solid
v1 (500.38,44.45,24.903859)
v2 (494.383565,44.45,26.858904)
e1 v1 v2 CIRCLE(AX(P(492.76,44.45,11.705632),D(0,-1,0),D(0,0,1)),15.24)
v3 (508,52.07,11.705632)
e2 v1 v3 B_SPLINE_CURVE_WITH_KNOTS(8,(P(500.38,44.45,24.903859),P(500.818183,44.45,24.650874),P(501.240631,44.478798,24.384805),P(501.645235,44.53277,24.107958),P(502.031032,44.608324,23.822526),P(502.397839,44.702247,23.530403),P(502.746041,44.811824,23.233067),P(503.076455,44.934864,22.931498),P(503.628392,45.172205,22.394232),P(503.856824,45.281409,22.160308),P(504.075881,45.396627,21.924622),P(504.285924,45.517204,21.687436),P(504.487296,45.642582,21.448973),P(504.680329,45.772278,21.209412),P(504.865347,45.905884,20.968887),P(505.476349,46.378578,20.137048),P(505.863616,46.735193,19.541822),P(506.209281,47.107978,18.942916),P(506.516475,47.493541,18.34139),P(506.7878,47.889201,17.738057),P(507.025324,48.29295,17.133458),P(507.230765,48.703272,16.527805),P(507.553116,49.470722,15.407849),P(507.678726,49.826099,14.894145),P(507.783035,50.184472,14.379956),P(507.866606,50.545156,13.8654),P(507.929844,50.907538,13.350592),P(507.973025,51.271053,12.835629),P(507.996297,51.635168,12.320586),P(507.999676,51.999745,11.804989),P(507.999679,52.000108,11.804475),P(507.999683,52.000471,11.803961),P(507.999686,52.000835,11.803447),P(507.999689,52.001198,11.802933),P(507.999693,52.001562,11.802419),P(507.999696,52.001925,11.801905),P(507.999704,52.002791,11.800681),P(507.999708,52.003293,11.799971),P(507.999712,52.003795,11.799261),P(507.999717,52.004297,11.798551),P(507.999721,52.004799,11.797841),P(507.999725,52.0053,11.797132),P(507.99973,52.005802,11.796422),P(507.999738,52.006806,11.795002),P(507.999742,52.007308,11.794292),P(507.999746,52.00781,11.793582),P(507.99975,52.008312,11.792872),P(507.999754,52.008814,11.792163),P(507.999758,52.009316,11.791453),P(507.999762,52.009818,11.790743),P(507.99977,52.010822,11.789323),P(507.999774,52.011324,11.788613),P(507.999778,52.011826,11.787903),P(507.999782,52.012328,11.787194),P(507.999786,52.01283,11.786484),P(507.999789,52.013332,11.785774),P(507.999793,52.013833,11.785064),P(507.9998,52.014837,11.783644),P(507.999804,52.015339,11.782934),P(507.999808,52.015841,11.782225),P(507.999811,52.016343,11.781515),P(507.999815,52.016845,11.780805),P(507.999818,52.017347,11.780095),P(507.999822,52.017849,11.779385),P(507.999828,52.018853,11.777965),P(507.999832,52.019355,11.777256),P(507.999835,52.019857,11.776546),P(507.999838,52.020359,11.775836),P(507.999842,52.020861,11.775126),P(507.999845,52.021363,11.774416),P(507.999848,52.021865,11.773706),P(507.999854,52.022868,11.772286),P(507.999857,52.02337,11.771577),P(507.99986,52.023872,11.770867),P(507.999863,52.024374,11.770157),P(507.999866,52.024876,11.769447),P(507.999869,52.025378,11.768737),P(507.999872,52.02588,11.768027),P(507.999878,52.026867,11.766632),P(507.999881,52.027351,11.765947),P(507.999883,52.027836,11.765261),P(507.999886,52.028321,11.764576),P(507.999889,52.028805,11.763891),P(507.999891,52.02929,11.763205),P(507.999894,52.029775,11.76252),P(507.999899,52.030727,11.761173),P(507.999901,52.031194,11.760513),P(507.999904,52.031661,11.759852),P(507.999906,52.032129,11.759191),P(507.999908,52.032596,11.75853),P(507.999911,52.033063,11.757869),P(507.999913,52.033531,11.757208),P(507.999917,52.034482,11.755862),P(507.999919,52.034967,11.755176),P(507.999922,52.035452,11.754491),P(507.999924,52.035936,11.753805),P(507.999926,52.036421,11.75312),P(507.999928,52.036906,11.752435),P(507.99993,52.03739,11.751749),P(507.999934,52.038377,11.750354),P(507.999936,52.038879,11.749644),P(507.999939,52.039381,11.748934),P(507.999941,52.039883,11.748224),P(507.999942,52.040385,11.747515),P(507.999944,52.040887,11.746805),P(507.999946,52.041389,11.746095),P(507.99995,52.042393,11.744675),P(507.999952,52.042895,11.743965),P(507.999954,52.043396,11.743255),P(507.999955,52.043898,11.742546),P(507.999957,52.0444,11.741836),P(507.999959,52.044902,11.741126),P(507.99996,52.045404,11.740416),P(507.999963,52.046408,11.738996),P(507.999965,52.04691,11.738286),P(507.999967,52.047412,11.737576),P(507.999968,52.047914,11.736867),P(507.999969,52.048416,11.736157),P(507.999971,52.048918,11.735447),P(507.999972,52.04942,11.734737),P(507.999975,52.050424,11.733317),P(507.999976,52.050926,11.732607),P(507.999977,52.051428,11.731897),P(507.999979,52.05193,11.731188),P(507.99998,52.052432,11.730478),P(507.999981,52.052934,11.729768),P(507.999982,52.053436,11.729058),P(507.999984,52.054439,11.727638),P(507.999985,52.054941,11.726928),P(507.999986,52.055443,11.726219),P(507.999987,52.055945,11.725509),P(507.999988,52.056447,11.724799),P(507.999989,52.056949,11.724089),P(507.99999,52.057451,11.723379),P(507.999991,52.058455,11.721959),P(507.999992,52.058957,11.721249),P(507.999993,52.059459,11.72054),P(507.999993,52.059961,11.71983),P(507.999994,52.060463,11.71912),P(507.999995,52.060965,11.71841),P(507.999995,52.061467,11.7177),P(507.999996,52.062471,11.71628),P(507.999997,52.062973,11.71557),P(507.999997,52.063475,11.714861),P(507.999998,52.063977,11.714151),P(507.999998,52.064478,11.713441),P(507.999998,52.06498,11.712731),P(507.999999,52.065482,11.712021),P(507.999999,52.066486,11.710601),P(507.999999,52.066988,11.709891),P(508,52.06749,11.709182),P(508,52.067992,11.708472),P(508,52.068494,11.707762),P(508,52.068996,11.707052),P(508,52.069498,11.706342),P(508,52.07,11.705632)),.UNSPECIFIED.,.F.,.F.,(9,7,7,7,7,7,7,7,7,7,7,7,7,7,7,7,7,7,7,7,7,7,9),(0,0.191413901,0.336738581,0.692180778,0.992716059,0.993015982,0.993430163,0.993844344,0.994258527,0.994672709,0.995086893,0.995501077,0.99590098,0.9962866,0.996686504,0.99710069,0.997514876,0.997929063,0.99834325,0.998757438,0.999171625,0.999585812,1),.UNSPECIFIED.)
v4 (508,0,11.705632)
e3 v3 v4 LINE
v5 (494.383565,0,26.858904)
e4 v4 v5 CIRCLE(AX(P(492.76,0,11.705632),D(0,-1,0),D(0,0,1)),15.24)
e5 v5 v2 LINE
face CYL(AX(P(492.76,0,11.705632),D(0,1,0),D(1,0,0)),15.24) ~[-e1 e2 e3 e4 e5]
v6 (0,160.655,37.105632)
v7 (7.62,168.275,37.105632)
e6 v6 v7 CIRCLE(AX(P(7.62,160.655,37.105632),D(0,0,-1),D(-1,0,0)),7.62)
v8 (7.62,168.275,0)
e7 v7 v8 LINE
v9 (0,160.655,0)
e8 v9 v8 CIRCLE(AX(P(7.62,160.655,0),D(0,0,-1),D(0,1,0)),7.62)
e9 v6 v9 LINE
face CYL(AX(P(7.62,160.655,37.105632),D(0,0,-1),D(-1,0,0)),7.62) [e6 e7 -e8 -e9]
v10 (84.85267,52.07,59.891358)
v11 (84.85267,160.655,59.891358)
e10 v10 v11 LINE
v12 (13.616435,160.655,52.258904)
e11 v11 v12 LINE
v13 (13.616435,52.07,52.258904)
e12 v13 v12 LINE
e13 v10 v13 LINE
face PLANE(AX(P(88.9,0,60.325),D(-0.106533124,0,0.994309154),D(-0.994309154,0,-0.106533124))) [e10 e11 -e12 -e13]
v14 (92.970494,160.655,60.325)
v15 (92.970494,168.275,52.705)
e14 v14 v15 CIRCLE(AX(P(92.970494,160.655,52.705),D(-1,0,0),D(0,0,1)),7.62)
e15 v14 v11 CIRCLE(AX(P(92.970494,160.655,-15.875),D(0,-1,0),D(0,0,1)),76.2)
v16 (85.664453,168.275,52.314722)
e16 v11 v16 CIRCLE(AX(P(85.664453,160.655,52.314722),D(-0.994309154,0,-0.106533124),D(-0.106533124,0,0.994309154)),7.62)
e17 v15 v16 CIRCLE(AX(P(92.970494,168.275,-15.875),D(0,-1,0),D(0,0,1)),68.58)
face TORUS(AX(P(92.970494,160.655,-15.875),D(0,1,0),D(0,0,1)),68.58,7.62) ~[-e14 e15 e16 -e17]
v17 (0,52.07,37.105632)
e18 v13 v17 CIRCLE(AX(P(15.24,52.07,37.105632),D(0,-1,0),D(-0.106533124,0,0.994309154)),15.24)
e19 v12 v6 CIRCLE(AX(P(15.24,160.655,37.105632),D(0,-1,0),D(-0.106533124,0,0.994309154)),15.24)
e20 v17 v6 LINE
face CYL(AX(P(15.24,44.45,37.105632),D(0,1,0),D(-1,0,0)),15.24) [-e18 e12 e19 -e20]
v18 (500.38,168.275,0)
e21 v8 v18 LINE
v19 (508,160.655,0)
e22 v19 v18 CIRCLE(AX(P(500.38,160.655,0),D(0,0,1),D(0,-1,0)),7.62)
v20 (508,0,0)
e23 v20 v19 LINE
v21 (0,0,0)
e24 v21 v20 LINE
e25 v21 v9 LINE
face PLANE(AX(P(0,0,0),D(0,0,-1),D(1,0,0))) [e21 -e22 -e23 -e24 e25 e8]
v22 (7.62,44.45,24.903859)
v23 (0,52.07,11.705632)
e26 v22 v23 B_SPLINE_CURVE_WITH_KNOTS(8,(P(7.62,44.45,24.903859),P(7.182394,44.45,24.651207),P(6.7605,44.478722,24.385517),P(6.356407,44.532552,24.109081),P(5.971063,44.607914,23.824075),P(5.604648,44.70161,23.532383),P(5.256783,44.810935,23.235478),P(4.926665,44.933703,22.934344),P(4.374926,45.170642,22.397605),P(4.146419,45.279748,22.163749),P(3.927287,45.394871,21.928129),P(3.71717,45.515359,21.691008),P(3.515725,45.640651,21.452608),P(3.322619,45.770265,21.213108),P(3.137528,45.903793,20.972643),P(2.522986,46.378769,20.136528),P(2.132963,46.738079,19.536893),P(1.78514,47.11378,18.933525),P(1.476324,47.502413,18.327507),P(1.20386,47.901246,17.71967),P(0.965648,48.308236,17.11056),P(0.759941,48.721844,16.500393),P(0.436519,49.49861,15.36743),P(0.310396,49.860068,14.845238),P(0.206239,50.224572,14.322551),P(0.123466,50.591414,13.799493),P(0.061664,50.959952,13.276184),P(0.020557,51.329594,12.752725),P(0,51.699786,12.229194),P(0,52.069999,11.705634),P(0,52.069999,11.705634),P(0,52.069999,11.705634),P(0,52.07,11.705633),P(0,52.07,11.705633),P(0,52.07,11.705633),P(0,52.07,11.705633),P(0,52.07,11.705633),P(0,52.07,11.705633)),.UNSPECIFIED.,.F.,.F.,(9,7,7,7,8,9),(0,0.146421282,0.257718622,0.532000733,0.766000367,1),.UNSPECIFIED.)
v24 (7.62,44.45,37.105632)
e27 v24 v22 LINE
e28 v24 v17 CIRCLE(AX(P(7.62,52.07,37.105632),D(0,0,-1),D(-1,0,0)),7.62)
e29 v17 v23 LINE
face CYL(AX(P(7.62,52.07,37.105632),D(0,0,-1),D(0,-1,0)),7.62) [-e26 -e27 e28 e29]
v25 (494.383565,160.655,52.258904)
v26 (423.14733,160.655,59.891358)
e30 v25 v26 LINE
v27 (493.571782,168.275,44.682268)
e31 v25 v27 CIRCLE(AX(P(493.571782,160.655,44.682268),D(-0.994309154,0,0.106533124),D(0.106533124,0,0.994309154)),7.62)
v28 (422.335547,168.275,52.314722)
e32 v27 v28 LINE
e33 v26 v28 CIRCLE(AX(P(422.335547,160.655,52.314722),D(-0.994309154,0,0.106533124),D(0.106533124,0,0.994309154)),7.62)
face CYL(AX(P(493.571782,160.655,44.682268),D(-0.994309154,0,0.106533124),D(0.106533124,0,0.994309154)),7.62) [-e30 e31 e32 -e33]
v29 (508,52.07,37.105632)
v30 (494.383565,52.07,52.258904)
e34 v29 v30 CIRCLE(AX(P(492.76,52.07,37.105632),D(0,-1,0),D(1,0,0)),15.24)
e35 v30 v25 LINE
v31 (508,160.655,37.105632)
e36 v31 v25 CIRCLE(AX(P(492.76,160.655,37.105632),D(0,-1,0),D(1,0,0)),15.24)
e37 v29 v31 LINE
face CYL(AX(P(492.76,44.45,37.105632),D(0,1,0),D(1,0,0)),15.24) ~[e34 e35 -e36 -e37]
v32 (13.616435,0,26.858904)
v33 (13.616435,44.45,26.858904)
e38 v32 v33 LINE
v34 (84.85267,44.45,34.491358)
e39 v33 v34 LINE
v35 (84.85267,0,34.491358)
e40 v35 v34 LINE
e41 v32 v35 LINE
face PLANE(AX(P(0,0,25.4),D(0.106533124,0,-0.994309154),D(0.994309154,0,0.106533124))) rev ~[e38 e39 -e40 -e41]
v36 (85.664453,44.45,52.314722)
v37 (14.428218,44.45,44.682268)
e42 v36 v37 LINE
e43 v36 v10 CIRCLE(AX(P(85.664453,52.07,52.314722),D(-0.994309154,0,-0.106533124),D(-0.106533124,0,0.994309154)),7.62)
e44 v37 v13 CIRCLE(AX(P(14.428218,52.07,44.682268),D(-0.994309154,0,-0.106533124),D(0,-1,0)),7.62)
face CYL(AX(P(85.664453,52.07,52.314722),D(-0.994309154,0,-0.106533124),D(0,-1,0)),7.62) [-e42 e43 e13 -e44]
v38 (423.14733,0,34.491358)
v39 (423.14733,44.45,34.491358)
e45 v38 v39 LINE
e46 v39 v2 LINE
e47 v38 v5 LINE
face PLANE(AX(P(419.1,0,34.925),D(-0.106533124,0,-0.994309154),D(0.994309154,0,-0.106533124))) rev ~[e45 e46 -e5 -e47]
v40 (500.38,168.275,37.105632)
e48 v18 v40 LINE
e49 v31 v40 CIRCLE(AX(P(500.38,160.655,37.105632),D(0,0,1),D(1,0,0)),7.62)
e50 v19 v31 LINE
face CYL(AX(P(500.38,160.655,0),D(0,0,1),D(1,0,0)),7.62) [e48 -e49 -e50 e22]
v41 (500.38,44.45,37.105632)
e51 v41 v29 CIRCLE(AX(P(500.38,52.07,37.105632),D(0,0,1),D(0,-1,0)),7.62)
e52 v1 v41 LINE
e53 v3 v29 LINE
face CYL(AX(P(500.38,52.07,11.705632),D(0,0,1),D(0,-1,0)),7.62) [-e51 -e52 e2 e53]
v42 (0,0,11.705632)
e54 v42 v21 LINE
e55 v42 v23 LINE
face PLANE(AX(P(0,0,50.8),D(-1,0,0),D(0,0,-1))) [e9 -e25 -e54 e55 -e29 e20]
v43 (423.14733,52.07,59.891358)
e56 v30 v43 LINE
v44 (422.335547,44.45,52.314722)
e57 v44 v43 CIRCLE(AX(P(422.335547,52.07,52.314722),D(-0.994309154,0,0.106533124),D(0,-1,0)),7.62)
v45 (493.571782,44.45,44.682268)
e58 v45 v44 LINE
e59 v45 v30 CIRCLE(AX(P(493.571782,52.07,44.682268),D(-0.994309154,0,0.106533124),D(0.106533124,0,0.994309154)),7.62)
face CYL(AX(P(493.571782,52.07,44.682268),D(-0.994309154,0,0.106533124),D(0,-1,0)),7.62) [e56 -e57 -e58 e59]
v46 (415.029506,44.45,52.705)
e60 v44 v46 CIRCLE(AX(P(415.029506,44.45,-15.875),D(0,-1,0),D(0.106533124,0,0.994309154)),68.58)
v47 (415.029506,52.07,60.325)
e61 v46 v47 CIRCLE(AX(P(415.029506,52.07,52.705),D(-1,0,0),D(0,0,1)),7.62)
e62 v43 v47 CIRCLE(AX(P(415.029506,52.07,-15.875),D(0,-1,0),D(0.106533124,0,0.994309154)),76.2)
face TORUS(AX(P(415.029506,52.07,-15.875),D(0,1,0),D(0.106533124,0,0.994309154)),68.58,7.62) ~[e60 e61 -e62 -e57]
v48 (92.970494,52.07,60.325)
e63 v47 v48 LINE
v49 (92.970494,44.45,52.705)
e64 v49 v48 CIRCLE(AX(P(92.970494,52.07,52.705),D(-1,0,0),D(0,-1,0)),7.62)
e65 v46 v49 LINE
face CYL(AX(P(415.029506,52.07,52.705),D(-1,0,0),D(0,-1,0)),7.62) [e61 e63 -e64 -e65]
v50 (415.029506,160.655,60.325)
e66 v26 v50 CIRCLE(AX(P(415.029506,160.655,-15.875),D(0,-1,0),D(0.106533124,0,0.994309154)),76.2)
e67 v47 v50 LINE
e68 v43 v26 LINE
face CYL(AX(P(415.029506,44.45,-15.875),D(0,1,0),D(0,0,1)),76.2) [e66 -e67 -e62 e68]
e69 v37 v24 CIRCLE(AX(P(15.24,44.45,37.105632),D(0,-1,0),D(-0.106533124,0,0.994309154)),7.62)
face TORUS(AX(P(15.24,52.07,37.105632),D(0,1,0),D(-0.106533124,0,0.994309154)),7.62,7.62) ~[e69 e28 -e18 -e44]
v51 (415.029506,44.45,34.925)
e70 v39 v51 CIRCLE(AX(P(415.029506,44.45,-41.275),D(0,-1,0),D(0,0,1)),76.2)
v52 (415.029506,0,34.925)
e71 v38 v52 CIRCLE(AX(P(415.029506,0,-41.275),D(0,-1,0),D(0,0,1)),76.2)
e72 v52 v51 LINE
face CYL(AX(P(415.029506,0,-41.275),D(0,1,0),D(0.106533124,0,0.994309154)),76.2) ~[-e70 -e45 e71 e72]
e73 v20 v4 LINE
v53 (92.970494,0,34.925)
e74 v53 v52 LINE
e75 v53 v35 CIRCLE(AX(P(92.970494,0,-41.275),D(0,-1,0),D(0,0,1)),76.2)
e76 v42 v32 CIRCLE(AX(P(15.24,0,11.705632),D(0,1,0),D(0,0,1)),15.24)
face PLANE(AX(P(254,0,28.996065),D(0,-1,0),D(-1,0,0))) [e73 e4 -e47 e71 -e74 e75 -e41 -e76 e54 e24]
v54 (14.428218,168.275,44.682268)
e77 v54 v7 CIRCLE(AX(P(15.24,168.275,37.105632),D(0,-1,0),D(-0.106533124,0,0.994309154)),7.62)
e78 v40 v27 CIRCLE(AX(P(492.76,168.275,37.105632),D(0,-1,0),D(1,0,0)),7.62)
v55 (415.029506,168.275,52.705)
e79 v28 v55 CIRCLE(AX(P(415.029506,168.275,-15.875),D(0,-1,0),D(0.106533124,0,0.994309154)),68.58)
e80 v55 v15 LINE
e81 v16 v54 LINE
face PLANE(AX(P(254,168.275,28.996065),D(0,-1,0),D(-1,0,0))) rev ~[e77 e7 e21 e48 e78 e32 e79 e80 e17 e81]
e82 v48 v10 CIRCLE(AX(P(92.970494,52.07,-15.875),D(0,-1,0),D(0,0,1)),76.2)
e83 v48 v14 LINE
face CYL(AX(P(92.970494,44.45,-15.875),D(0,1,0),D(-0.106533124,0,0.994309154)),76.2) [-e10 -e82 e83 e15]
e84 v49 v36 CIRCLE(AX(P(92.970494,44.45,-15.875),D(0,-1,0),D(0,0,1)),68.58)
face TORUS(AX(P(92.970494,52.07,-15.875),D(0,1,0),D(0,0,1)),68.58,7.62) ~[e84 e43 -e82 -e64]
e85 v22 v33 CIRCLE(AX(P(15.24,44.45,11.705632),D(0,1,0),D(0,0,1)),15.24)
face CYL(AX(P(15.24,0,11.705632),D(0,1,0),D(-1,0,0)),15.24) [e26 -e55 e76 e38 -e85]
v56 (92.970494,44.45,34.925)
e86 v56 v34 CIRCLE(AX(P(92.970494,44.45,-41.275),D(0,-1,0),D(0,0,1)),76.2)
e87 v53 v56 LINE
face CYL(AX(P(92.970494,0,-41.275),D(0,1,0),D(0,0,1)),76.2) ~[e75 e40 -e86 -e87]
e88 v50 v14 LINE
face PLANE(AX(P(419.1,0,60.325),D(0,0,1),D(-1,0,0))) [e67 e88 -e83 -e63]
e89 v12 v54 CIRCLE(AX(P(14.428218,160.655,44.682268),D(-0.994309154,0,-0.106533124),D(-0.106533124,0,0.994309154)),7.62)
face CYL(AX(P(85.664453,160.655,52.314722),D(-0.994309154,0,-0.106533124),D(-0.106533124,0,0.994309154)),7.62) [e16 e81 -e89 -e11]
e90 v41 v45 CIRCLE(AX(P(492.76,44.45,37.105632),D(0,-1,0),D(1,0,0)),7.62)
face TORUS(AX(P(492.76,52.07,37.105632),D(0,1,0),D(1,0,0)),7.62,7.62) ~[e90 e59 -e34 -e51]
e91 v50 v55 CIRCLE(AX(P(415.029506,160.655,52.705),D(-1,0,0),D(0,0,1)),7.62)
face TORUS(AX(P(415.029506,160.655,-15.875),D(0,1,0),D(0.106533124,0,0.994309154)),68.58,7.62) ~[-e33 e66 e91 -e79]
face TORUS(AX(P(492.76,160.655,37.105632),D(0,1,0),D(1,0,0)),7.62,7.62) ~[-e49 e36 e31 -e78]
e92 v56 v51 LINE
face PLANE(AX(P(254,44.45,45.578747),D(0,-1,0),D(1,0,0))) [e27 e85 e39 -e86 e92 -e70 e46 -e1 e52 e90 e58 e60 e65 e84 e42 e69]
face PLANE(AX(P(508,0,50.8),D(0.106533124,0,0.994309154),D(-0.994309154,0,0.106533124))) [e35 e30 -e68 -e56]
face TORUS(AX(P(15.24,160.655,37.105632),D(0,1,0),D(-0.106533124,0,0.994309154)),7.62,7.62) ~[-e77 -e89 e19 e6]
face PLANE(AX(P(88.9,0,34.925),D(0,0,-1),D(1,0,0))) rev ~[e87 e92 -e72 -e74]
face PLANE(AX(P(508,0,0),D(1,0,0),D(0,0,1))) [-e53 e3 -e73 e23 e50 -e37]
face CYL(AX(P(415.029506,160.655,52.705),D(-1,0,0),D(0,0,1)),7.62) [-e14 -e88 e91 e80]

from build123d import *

# Parameters (mm, degrees)
BOSS_EXTRUDE1_DEPTH = 168.275
CUT_EXTRUDE1_DEPTH  = 44.45
FILLET1_R           = 15.24
FILLET2_R           = 76.2
FILLET3_R           = 7.62
FILLET4_R           = 7.62


with BuildPart() as part:
    # Sketch7 → Boss-Extrude1 (new body)
    with BuildSketch(Plane(origin=(0, 0, 0), x_dir=(1, 0, 0), z_dir=(0, 1, 0))):
        Polygon((0, 0), (508, 0), (508, -50.8), (419.1, -60.325), (88.9, -60.325), (0, -50.8), align=None)
    extrude(amount=BOSS_EXTRUDE1_DEPTH)

    # Sketch10 → Cut-Extrude1 (cut)
    with BuildSketch(Plane.XZ):
        Polygon((0, 50.8), (0, 25.4), (88.9, 34.925), (419.1, 34.925), (508, 25.4), (508, 50.8), (419.1, 60.325), (88.9, 60.325), align=None)
    extrude(amount=-CUT_EXTRUDE1_DEPTH, mode=Mode.SUBTRACT)

    # Fillet1
    fillet1_edges = [part.edges().sort_by_distance(p)[0] for p in [
        (508, 106.3625, 50.8),
        (0, 106.3625, 50.8),
        (508, 22.225, 25.4),
        (0, 22.225, 25.4),
    ]]
    fillet(fillet1_edges, radius=FILLET1_R)

    # Fillet2
    fillet2_edges = [part.edges().sort_by_distance(p)[0] for p in [
        (419.1, 106.3625, 60.325),
        (88.9, 106.3625, 60.325),
        (419.1, 22.225, 34.925),
        (88.9, 22.225, 34.925),
    ]]
    fillet(fillet2_edges, radius=FILLET2_R)

    # Fillet3
    fillet3_edges = [part.edges().sort_by_distance(p)[0] for p in [
        (508, 168.275, 18.552816133),
        (0, 168.275, 18.552816133),
        (49.234552732, 168.275, 56.07513065),
        (3.904199904, 168.275, 47.291761863),
        (504.095800096, 168.275, 47.291761863),
        (458.765447268, 168.275, 56.07513065),
        (254, 168.275, 60.325),
        (88.905795265, 168.275, 60.216512154),
        (419.094204735, 168.275, 60.216512154),
    ]]
    fillet(fillet3_edges, radius=FILLET3_R)

    # Fillet4
    fillet4_edges = [part.edges().sort_by_distance(p)[0] for p in [
        (508, 44.45, 18.552816133),
        (0, 44.45, 18.552816133),
        (458.765447268, 44.45, 56.07513065),
        (3.904199904, 44.45, 47.291761863),
        (504.095800096, 44.45, 47.291761863),
        (254, 44.45, 60.325),
        (49.234552732, 44.45, 56.07513065),
        (88.905795265, 44.45, 60.216512154),
        (419.094204735, 44.45, 60.216512154),
    ]]
    fillet(fillet4_edges, radius=FILLET4_R)


solid = part.part
